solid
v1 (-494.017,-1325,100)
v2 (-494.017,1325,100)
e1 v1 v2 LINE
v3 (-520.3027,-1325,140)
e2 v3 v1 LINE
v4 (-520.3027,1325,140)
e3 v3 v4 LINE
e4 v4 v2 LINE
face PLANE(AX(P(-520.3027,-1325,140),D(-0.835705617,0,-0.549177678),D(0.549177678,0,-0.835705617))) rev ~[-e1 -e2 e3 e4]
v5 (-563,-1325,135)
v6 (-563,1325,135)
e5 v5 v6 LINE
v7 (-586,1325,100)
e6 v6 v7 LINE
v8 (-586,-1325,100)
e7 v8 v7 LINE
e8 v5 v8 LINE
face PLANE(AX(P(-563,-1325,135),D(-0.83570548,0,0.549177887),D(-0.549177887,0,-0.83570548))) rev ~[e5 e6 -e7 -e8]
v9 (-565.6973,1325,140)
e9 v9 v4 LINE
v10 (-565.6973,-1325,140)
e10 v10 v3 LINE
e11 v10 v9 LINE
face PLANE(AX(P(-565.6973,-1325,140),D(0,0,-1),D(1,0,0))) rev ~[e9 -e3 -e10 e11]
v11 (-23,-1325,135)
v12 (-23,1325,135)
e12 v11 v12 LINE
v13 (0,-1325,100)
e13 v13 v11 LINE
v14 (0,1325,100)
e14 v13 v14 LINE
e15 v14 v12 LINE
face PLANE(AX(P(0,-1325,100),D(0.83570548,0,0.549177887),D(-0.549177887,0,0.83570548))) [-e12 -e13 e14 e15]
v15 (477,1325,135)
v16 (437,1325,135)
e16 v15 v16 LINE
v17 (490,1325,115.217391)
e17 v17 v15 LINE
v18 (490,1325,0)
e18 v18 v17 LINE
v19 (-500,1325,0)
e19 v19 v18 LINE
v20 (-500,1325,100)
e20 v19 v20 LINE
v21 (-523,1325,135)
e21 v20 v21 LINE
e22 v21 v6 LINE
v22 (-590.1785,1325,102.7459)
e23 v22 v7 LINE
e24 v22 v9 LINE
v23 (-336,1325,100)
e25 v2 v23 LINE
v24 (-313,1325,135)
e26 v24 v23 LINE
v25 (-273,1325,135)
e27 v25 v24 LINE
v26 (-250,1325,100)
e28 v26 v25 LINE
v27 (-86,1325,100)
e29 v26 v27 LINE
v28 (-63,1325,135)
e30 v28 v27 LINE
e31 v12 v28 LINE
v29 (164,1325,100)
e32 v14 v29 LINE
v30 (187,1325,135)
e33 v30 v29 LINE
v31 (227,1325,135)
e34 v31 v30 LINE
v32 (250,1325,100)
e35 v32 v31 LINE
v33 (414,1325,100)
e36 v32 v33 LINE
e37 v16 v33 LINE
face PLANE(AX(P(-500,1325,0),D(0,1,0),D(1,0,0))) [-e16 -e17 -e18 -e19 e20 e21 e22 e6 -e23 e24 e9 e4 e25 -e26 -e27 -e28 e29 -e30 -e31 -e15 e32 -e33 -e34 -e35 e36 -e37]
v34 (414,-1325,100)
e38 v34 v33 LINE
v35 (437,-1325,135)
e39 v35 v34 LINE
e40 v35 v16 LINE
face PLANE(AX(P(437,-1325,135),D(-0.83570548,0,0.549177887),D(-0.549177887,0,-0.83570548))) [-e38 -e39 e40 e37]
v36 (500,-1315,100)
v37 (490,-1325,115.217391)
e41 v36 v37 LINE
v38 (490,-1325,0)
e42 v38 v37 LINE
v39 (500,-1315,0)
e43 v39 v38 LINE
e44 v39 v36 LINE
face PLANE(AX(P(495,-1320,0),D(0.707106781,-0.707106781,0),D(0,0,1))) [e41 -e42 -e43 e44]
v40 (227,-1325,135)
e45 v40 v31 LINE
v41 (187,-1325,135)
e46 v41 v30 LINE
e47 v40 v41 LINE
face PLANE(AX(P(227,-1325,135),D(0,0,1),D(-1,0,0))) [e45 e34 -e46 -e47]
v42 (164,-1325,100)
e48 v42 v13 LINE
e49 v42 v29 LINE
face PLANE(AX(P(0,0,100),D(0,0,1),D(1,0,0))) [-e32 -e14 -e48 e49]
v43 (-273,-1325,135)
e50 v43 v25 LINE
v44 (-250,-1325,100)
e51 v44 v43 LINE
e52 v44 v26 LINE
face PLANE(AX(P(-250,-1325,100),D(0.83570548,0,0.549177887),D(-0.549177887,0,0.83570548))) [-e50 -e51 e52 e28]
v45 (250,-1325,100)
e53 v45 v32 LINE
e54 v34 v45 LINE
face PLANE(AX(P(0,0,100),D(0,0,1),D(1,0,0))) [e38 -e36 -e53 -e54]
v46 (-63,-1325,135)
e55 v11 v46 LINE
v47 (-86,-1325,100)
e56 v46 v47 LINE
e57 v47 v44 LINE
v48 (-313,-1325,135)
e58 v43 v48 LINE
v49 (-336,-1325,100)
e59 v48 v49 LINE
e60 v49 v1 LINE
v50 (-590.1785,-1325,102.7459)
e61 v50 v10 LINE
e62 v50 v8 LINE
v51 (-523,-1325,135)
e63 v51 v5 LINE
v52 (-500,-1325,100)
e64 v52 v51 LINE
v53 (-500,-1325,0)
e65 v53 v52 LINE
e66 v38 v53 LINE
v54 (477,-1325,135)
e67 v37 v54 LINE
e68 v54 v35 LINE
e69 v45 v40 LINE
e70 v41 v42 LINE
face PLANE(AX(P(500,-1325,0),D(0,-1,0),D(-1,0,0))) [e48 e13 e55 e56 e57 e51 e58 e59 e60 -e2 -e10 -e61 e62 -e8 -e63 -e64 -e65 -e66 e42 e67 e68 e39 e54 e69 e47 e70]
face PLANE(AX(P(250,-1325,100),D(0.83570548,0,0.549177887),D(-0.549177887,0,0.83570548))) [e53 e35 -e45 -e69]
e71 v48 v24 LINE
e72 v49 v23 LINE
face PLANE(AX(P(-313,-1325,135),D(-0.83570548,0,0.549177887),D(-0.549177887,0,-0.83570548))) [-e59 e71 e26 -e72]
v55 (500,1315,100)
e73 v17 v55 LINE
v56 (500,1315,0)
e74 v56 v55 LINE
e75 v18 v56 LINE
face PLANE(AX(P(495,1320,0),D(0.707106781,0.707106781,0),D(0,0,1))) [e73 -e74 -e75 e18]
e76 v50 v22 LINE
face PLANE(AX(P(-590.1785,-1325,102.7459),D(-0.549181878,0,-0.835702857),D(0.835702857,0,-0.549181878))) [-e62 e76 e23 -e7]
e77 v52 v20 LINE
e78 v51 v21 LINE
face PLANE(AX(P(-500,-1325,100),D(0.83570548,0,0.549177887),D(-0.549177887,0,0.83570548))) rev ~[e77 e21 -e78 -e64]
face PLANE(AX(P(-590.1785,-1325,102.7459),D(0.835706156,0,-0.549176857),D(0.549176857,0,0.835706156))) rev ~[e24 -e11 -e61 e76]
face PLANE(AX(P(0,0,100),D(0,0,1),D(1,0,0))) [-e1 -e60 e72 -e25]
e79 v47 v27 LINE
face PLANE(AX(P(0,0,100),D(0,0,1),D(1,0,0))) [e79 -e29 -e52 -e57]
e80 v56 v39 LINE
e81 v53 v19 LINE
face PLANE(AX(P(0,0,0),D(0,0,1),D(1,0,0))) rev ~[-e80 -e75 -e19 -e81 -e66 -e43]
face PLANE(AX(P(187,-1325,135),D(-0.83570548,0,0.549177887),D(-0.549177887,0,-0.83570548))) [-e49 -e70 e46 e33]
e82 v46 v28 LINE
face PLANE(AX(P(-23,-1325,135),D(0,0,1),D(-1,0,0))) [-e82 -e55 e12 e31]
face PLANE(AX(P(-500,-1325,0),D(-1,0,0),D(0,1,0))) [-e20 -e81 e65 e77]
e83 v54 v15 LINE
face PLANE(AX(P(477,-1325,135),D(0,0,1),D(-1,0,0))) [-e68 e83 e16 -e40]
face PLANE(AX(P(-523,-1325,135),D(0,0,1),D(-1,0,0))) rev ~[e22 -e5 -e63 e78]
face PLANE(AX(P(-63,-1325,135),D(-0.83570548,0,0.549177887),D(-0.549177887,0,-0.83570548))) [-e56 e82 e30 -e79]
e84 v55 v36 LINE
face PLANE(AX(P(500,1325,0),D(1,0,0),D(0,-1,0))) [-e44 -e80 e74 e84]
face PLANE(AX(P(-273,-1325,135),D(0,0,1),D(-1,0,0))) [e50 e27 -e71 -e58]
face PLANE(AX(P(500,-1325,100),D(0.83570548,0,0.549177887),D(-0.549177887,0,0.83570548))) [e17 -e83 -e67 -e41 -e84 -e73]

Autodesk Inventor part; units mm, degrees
ref_plane "YZ Plane" through (0, 0, 0) normal (1, 0, 0) x (0, 1, 0)
ref_plane "XZ Plane" through (0, 0, 0) normal (0, 1, 0) x (-1, 0, 0)
ref_plane "XY Plane" through (0, 0, 0) normal (0, 0, 1) x (1, 0, 0)
sketch "Sketch1" plane through (0, 0, 0) normal (0, 0, 1) x (1, 0, 0)
  line L0 (-500, 1325) -> (500, 1325)
  line L1 (500, 1325) -> (500, -1325)
  line L2 (500, -1325) -> (-500, -1325)
  line L3 (-500, -1325) -> (-500, 1325)
  line L4 (-500, 1325) -> (500, -1325) construction
  line L5 (500, 1325) -> (-500, -1325) construction
  point P0 (0, 0)
  dimension "d0" = 1000
  dimension "d1" = 2650
extrude "Extrusion1" add sketch "Sketch1" along normal blind 100
sketch "Sketch2" plane through (-500, -1325, 0) normal (0, -1, 0) x (1, 0, 0)
  line L0 (0, 0) -> (1000, 0) projected
  line L1 (1000, 0) -> (1000, 100) projected
  line L2 (0, 100) -> (1000, 100) projected
  line L3 (0, 0) -> (0, 100) projected
  line L4 (0, 100) -> (1000, 100) projected
  line L5 (1000, 100) -> (977, 135)
  line L6 (977, 135) -> (937, 135)
  line L7 (937, 135) -> (914, 100)
  line L8 (687, 135) -> (664, 100)
  line L9 (727, 135) -> (687, 135)
  line L10 (750, 100) -> (727, 135)
  line L11 (437, 135) -> (414, 100)
  line L12 (477, 135) -> (437, 135)
  line L13 (500, 100) -> (477, 135)
  line L14 (187, 135) -> (164, 100)
  line L15 (227, 135) -> (187, 135)
  line L16 (250, 100) -> (227, 135)
  line L17 (-63, 135) -> (-86, 100)
  line L18 (-23, 135) -> (-63, 135)
  line L19 (0, 100) -> (-23, 135)
  line L20 (-90.1785, 102.7459) -> (-65.6973, 140)
  line L21 (-65.6973, 140) -> (-20.3027, 140)
  line L22 (-20.3027, 140) -> (5.983, 100)
  line L23 (-90.1785, 102.7459) -> (-86, 100)
  point P0 (500, 0)
  point P1 (5.983, 100)
  dimension "d4" = 86
  dimension "d5" = 40
  dimension "d6" = 35
  dimension "d11" = 250
  dimension "d16" = 5
  dimension "d17" = 5
extrude "Extrusion2" add sketch "Sketch2" against normal up to surface (2650 mm away) contours L19 L18 L17 L23 L20 L21 L22 L2 | L2 L7 L6 L5 | L14 L15 L16 L2 | L2 L8 L9 L10 | L11 L12 L13 L2
chamfer "Chamfer1" distance 10 angle 45 2 edges at (500, -1325, 50) (500, 1325, 50)
equation "\"d17\" = d16"
properties part number "Sandwich 5  roof long"
